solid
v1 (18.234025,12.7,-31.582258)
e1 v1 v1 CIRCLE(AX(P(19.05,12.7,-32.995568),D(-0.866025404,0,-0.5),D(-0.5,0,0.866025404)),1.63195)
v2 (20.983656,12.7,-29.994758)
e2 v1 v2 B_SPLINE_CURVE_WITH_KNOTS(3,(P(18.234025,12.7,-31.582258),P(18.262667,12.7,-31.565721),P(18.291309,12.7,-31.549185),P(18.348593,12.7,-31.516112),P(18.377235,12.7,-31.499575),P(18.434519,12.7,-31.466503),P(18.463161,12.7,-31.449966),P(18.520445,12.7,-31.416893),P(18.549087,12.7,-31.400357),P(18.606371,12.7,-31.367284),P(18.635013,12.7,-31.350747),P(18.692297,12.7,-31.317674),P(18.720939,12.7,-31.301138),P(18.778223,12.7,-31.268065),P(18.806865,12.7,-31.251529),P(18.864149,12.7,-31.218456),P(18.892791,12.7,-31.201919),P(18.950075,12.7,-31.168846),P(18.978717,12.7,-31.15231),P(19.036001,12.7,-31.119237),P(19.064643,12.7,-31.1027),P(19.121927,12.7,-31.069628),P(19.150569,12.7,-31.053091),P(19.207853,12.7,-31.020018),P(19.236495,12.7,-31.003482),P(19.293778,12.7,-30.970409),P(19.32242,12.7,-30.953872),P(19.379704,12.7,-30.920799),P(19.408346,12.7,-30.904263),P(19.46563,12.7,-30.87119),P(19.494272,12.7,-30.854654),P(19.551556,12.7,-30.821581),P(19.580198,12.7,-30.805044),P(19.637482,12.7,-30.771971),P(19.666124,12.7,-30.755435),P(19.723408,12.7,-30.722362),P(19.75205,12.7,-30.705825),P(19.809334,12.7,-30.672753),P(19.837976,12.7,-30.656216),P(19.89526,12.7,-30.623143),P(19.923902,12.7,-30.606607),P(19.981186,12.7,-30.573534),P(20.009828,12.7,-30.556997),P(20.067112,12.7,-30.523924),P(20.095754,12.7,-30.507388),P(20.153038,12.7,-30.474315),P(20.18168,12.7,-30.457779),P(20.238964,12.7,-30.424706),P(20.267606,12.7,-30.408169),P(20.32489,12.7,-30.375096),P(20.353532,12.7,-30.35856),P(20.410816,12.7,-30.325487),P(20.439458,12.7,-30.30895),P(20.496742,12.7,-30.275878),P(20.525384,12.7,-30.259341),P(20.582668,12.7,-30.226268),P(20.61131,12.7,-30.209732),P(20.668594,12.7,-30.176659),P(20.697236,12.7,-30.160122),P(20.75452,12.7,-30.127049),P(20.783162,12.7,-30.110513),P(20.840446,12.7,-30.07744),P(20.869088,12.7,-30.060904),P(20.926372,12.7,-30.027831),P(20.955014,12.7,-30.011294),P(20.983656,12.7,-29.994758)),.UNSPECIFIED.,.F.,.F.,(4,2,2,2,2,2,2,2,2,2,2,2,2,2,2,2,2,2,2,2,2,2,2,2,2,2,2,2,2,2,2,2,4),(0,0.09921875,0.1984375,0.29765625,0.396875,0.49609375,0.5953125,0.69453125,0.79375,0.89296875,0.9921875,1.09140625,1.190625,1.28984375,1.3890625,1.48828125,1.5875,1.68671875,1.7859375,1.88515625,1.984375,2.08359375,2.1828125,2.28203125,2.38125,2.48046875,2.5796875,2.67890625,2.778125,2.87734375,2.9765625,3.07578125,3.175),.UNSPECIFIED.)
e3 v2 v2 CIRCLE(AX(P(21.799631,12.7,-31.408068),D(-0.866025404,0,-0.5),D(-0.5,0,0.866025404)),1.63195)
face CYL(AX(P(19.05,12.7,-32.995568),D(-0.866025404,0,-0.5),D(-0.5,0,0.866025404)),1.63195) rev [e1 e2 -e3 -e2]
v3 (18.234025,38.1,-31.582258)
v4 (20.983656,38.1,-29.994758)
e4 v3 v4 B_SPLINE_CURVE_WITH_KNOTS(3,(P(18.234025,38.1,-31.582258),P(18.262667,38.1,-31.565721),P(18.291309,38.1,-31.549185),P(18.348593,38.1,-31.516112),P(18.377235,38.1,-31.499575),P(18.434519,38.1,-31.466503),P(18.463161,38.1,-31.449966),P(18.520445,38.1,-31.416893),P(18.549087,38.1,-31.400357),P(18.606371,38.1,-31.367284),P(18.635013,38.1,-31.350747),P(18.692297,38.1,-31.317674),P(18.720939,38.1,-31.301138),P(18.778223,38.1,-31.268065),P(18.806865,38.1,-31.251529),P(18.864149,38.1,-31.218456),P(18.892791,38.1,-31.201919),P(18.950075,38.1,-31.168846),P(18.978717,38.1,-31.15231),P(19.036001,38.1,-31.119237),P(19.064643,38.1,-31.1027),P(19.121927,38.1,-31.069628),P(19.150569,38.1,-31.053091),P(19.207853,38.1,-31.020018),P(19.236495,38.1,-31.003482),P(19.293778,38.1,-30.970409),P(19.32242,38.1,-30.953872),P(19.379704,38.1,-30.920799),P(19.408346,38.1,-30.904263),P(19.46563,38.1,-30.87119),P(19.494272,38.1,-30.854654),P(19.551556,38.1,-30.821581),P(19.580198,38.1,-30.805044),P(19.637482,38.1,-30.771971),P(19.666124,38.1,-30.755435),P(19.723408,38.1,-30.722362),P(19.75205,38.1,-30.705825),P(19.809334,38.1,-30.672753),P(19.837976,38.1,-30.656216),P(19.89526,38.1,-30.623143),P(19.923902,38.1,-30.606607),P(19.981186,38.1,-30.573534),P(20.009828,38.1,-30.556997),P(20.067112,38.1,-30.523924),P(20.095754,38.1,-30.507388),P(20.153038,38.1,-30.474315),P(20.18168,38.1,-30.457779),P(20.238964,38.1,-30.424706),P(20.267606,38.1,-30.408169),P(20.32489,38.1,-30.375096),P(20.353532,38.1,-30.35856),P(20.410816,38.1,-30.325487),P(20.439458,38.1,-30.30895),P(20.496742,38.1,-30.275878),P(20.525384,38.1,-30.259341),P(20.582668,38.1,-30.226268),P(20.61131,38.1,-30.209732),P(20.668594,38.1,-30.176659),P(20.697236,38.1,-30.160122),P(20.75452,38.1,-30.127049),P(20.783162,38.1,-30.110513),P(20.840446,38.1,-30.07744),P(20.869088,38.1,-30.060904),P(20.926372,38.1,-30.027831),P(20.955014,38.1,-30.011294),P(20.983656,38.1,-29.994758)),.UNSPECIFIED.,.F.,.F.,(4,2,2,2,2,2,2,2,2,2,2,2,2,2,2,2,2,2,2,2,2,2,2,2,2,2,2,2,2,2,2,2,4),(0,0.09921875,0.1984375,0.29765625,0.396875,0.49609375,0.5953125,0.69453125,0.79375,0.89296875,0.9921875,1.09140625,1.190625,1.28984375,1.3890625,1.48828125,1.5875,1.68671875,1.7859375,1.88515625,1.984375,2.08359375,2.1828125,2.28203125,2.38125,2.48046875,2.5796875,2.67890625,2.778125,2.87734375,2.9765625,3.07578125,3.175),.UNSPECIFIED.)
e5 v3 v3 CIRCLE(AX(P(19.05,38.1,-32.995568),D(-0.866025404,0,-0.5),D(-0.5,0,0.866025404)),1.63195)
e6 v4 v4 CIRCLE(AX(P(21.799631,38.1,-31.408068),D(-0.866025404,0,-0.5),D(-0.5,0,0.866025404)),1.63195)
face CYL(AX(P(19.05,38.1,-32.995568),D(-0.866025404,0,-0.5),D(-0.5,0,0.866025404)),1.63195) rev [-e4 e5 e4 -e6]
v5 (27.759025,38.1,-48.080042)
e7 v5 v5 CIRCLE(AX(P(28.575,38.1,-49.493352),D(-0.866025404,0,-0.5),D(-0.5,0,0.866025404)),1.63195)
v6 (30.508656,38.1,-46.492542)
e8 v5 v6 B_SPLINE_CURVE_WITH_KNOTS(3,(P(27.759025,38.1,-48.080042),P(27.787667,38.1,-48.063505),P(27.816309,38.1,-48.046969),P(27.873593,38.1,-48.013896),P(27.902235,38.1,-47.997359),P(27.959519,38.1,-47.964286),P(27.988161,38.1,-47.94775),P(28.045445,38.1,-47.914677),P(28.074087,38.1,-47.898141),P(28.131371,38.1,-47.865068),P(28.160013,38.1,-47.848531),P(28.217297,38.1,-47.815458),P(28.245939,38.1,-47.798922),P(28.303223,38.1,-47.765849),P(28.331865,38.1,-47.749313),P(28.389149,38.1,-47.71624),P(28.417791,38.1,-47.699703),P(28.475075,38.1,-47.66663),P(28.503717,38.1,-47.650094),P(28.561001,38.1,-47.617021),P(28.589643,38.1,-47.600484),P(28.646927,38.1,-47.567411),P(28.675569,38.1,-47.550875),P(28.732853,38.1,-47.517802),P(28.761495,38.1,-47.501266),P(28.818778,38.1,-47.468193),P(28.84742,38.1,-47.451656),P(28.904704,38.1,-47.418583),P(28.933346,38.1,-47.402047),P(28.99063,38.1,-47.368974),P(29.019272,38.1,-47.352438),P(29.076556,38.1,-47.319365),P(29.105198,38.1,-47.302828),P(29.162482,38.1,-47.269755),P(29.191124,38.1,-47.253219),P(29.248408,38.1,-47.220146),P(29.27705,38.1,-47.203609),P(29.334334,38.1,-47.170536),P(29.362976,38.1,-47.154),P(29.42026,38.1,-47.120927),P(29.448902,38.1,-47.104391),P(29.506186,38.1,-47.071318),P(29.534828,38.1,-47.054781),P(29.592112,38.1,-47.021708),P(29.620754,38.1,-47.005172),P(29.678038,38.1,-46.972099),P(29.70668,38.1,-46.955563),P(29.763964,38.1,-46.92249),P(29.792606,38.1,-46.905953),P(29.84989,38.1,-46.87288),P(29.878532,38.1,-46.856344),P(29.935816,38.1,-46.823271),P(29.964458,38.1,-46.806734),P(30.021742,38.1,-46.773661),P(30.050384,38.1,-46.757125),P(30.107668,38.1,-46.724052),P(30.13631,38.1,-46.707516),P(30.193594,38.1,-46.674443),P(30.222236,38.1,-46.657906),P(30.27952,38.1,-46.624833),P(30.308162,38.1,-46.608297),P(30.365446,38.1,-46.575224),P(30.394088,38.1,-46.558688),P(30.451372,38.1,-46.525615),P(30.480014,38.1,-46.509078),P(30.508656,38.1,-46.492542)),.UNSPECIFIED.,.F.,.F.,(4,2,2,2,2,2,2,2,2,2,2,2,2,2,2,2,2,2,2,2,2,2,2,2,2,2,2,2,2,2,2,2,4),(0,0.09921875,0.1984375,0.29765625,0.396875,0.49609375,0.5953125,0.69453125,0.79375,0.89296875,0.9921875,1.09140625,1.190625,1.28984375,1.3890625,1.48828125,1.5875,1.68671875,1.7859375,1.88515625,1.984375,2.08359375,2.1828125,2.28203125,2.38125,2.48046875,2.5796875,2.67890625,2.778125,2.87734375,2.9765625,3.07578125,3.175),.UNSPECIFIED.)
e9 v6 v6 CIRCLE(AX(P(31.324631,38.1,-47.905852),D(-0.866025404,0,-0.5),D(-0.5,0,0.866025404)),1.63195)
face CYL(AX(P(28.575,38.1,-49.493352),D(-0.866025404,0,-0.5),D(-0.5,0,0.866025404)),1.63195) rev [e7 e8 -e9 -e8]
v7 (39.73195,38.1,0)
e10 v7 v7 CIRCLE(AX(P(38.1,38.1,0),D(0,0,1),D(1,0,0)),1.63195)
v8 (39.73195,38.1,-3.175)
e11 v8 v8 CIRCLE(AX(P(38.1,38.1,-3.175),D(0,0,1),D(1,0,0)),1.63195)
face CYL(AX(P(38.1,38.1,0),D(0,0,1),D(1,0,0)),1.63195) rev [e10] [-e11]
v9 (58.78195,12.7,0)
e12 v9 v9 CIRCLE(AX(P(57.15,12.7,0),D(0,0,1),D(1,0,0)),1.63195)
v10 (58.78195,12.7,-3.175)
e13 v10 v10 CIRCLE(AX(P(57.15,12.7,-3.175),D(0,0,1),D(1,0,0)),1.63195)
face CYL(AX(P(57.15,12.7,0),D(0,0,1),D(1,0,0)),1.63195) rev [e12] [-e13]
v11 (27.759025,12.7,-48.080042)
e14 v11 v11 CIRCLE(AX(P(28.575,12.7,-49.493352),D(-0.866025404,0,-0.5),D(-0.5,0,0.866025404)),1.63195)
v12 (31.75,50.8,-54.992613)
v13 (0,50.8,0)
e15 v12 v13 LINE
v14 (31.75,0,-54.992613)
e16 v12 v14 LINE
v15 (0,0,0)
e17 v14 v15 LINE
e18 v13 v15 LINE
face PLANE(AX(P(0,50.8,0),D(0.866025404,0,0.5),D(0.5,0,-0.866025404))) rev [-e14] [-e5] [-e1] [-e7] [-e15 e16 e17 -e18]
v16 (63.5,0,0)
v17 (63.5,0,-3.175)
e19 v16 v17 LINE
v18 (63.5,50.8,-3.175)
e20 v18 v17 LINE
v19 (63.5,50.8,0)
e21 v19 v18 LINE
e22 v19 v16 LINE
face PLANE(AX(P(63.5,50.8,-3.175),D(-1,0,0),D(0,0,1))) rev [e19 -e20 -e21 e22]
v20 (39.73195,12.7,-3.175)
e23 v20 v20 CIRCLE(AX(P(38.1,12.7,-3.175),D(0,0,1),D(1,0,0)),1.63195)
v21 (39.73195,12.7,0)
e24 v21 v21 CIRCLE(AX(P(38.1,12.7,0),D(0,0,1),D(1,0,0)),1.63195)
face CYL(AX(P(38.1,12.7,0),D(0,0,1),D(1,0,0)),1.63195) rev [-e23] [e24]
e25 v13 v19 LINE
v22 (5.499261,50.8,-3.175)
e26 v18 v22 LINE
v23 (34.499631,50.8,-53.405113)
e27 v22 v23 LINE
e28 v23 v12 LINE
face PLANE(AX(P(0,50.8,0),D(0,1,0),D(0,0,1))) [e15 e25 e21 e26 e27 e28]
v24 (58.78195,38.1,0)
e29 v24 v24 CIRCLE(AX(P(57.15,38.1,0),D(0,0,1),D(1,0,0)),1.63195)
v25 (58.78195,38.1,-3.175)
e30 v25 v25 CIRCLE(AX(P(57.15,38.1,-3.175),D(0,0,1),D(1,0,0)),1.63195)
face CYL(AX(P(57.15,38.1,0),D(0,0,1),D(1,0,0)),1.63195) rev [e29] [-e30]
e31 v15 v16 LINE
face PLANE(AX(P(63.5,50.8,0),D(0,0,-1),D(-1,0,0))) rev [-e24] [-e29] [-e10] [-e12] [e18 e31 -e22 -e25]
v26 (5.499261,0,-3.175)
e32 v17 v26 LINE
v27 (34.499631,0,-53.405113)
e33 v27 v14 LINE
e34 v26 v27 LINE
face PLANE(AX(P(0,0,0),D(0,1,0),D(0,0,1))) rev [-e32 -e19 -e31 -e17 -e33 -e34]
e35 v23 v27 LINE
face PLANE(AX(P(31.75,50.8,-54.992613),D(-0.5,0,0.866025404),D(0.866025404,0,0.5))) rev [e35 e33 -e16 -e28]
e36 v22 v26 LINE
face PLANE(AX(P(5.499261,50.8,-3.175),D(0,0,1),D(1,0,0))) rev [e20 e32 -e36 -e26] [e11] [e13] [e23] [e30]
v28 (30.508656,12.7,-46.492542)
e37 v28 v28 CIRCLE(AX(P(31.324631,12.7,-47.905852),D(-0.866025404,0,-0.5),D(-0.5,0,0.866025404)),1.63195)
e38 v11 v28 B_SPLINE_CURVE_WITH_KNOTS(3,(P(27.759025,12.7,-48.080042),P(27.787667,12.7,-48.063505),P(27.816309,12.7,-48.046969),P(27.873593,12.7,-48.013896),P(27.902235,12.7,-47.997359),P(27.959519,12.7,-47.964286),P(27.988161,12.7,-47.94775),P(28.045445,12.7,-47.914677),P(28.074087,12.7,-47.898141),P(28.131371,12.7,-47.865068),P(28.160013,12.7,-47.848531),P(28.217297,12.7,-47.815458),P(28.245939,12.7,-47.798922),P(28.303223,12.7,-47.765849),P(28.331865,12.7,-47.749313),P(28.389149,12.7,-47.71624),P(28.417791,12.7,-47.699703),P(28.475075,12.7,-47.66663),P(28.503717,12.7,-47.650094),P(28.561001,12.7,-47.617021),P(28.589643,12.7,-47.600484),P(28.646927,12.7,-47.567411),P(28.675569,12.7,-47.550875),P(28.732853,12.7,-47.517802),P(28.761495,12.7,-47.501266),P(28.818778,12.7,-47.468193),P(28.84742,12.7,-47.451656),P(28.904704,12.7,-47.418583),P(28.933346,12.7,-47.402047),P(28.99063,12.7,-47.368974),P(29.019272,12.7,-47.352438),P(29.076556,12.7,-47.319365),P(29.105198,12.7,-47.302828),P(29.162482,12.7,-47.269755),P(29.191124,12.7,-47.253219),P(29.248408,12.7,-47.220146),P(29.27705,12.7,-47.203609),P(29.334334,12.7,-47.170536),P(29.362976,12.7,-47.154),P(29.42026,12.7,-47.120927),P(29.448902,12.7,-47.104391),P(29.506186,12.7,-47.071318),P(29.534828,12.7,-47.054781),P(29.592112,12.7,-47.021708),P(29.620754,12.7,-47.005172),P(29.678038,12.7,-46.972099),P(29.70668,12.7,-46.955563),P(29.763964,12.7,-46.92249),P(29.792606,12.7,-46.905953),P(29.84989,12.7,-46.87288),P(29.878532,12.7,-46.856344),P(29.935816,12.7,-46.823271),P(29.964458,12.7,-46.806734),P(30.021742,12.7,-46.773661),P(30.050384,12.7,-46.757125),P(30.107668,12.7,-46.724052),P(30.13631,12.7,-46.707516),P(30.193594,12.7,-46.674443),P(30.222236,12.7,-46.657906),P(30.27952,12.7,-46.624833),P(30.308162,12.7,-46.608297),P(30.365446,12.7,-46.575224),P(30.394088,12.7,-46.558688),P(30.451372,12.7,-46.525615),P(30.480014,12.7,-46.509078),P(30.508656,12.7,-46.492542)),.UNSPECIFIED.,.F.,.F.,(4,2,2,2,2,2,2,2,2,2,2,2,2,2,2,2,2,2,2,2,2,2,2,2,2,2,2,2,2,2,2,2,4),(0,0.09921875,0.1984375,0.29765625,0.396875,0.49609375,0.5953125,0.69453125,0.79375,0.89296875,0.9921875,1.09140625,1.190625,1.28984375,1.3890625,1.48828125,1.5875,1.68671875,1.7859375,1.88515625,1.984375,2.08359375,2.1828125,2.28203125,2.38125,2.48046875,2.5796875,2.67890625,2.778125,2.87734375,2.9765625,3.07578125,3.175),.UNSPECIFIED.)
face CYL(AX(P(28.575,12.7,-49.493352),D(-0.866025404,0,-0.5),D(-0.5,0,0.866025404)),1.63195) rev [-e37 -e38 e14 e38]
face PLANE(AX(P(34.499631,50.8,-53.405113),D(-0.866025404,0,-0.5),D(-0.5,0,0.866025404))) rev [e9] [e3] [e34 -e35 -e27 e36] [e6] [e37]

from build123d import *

# Parameters (mm, degrees)
BOSS_EXTRUDE1_DEPTH              = 50.8
F_30_0_1285_DIAMETER_HOLE1_D     = 3.2639
F_30_0_1285_DIAMETER_HOLE2_D     = 3.2639
F_30_0_1285_DIAMETER_HOLE2_DEPTH = 25.4
F_30_0_1285_DIAMETER_HOLE2_TIP   = 0.980574487


with BuildPart() as part:
    # Sketch1 → Boss-Extrude1 (new body)
    with BuildSketch(Plane(origin=(0, 0, 0), x_dir=(1, 0, 0), z_dir=(0, 1, 0))):
        Polygon((0, 0), (31.75, 54.99261314), (34.499630657, 53.40511314), (5.499261314, 3.175), (63.5, 3.175), (63.5, 0), align=None)
    extrude(amount=BOSS_EXTRUDE1_DEPTH)

    # #30 (0.1285) Diameter Hole1 (through all)
    with Locations(Plane.XY):
        with Locations((57.15, 12.7), (57.15, 38.1), (38.1, 38.1), (38.1, 12.7)):
            Hole(F_30_0_1285_DIAMETER_HOLE1_D / 2)

    # #30 (0.1285) Diameter Hole2
    with Locations(Plane(origin=(0, 0, 0), x_dir=(-0.5000000000000039, 0, 0.8660254037844365), z_dir=(-0.8660254037844364, 0, -0.5000000000000038))):
        with Locations((-57.15, 38.1), (-57.15, 12.7), (-38.1, 12.7), (-38.1, 38.1)):
            Hole(F_30_0_1285_DIAMETER_HOLE2_D / 2, depth=F_30_0_1285_DIAMETER_HOLE2_DEPTH)
            with Locations((0, 0, -(F_30_0_1285_DIAMETER_HOLE2_DEPTH + F_30_0_1285_DIAMETER_HOLE2_TIP / 2))):  # 118° drill point
                Cone(0, F_30_0_1285_DIAMETER_HOLE2_D / 2, F_30_0_1285_DIAMETER_HOLE2_TIP, mode=Mode.SUBTRACT)


solid = part.part
